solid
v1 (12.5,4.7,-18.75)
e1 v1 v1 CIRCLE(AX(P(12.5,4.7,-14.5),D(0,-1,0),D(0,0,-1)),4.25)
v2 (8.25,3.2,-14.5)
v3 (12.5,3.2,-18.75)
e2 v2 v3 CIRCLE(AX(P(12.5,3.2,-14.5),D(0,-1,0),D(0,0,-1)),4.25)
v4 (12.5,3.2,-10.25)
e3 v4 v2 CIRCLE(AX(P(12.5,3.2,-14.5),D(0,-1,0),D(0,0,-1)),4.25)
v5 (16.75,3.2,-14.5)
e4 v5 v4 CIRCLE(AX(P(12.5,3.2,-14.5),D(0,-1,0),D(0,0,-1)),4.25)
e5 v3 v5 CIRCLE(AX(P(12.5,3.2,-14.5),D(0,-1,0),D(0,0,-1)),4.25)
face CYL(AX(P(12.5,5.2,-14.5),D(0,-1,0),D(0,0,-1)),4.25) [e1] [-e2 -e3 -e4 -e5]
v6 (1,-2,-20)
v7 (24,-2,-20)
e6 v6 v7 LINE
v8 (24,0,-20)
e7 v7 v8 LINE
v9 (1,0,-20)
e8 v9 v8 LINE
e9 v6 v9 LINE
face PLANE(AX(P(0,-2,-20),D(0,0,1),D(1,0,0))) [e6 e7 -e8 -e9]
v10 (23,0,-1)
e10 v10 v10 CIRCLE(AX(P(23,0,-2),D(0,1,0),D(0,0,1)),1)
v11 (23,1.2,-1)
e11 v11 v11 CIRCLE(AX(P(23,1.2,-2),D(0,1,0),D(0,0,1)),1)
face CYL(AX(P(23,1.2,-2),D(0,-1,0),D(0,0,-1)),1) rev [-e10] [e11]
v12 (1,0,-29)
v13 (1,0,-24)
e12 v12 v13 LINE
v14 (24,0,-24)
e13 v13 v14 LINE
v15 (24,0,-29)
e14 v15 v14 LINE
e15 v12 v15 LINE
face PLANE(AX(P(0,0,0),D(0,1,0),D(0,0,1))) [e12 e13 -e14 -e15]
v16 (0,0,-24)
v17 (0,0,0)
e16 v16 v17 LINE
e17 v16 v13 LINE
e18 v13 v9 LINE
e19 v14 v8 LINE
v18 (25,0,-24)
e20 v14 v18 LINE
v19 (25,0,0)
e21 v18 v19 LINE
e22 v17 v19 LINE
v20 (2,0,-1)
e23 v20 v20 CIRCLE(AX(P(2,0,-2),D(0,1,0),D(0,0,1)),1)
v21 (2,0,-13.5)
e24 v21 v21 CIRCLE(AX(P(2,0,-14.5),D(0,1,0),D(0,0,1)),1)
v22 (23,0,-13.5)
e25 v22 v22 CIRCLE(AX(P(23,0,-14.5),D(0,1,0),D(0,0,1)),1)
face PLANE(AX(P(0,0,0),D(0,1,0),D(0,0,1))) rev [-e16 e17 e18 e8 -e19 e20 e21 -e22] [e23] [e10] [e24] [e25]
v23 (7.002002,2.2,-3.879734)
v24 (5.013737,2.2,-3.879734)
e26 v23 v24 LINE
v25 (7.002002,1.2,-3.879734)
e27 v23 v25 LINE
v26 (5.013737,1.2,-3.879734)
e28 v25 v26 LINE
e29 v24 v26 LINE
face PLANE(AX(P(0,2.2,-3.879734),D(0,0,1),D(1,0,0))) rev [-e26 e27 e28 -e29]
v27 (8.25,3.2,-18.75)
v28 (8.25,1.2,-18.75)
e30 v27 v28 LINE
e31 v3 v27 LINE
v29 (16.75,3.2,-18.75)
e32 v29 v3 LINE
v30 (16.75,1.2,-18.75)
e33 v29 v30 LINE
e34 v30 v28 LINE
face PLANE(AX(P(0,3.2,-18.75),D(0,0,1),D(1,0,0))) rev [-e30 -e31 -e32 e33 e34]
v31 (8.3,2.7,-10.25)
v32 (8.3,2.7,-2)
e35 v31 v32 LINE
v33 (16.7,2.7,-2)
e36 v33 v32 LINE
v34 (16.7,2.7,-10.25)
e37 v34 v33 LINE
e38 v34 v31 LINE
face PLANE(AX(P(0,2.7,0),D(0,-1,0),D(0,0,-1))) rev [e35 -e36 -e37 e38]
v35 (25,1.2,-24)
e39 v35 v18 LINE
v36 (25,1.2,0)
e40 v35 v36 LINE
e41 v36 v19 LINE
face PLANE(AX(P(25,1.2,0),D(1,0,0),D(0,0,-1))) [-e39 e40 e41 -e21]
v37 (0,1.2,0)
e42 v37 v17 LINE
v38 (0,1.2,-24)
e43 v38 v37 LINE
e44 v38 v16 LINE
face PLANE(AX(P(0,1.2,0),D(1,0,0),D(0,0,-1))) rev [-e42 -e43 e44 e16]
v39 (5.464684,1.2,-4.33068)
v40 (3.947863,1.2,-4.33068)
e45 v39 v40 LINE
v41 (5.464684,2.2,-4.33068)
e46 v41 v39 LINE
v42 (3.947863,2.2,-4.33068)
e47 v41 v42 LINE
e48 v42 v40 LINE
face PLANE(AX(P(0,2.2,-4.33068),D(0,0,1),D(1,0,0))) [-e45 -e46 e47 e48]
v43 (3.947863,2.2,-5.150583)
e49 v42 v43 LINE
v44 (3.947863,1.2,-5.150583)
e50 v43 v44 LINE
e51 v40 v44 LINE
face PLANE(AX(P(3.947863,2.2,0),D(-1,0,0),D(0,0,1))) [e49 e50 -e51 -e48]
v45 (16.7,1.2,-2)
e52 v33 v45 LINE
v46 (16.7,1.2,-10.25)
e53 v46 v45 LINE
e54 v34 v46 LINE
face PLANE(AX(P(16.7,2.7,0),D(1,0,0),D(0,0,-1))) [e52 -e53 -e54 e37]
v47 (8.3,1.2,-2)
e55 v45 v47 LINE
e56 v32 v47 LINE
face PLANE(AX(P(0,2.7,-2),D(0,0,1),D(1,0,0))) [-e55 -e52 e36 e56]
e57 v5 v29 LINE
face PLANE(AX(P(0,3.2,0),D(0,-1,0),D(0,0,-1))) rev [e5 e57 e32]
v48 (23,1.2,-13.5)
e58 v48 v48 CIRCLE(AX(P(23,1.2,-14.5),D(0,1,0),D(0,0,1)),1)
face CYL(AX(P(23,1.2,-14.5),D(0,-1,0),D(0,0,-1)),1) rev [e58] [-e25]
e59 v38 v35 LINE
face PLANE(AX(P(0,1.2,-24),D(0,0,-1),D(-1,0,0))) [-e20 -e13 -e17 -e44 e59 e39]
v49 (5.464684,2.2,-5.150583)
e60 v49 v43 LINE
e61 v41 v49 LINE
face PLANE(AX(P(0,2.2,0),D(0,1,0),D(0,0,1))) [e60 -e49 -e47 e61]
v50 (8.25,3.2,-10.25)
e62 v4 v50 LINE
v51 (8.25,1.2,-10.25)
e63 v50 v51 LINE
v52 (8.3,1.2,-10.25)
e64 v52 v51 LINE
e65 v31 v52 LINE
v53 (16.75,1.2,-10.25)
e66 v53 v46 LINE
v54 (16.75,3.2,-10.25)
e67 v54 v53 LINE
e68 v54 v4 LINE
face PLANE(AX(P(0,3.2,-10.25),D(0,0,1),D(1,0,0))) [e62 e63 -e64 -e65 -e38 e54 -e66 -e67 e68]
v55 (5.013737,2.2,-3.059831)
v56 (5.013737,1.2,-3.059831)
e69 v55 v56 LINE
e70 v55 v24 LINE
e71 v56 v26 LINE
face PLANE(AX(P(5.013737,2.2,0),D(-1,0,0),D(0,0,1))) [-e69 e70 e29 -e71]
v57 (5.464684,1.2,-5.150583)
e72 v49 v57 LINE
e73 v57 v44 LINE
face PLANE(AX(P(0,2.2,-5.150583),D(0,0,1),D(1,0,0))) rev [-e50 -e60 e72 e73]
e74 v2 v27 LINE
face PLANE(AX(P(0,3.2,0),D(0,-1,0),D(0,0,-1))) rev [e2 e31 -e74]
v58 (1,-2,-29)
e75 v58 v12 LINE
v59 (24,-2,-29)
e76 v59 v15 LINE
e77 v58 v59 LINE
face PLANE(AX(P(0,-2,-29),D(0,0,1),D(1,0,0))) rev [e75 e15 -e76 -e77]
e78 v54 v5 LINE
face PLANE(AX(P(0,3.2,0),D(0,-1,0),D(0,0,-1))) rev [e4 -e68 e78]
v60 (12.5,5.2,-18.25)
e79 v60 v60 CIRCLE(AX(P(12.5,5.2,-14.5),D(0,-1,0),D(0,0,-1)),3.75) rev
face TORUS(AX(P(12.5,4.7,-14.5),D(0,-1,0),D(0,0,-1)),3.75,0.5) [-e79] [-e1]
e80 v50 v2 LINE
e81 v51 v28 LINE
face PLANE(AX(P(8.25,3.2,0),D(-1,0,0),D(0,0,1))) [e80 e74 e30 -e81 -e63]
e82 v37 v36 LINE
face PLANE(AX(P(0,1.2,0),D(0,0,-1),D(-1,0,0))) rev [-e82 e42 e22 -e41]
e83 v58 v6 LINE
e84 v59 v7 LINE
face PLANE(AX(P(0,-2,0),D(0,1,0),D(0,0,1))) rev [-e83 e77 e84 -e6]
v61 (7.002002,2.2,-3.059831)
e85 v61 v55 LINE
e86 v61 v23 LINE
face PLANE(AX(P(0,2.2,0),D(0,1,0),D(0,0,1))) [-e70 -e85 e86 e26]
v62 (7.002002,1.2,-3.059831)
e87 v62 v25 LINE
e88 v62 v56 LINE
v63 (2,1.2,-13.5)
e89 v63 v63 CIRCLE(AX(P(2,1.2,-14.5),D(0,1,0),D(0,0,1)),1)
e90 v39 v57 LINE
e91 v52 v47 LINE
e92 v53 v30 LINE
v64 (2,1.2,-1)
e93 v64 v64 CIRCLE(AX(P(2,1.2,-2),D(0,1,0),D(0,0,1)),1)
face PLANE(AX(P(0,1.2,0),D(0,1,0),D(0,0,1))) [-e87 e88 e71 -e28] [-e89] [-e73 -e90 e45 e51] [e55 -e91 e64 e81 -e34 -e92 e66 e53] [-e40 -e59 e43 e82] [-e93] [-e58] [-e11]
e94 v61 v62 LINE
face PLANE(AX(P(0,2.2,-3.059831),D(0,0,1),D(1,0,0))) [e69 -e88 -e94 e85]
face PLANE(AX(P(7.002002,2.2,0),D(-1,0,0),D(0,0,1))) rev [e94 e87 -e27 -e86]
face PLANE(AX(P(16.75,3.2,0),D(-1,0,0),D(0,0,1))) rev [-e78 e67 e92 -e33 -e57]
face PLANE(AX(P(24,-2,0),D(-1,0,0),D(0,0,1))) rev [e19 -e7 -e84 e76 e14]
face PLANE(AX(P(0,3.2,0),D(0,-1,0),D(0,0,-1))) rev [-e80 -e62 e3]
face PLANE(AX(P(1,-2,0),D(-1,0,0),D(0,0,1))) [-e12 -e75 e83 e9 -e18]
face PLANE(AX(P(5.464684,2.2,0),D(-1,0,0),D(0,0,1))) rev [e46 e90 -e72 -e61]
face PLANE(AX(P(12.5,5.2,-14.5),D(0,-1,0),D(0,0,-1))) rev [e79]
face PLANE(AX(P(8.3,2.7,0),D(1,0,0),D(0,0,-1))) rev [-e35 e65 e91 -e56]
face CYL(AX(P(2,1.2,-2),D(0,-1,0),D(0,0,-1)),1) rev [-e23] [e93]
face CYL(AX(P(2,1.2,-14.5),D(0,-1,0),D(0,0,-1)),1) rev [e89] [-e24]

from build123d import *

# Parameters (mm, degrees)
SKETCH1_W           = 25
SKETCH1_H           = 24
SKETCH1_R           = 1
BOSS_EXTRUDE1_DEPTH = 1.2
BOSS_EXTRUDE2_START = 1.2
BOSS_EXTRUDE2_DEPTH = 1.5
BOSS_EXTRUDE3_START = 1.2
SKETCH1_4_W         = 8.5
SKETCH1_4_H         = 8.5
BOSS_EXTRUDE3_DEPTH = 2
BOSS_EXTRUDE4_START = 1.2
SKETCH1_5_W         = 1.516820611
SKETCH1_5_H         = 0.819903033
SKETCH1_5_W_2       = 1.988264855
BOSS_EXTRUDE4_DEPTH = 1
SKETCH1_6_W         = 23
SKETCH1_6_H         = 4
SKETCH1_6_H_2       = 5
BOSS_EXTRUDE5_DEPTH = 2
BOSS_EXTRUDE6_START = 3.2
SKETCH1_7_R         = 4.25
BOSS_EXTRUDE6_DEPTH = 2
FILLET1_R           = 0.5


with BuildPart() as part:
    # Sketch1 → Boss-Extrude1 (new body)
    with BuildSketch(Plane(origin=(0, 0, 0), x_dir=(1, 0, 0), z_dir=(0, 1, 0))):
        with Locations((12.5, 12)):
            Rectangle(SKETCH1_W, SKETCH1_H)
        with Locations((2, 2)):
            Circle(SKETCH1_R, mode=Mode.SUBTRACT)
        with Locations((23, 2)):
            Circle(SKETCH1_R, mode=Mode.SUBTRACT)
        with Locations((2, 14.5)):
            Circle(SKETCH1_R, mode=Mode.SUBTRACT)
        with Locations((23, 14.5)):
            Circle(SKETCH1_R, mode=Mode.SUBTRACT)
    extrude(amount=BOSS_EXTRUDE1_DEPTH)

    # Sketch1<3> → Boss-Extrude2 (add)
    with BuildSketch(Plane(origin=(0, 0, 0), x_dir=(1, 0, 0), z_dir=(0, 1, 0)).offset(BOSS_EXTRUDE2_START)):
        Polygon((16.7, 10.25), (12.5, 10.25), (8.3, 10.25), (8.3, 2), (16.7, 2), align=None)
    extrude(amount=BOSS_EXTRUDE2_DEPTH)

    # Sketch1<4> → Boss-Extrude3 (add)
    with BuildSketch(Plane(origin=(0, 0, 0), x_dir=(1, 0, 0), z_dir=(0, 1, 0)).offset(BOSS_EXTRUDE3_START)):
        with Locations((12.5, 14.5)):
            Rectangle(SKETCH1_4_W, SKETCH1_4_H)
    extrude(amount=BOSS_EXTRUDE3_DEPTH)

    # Sketch1<5> → Boss-Extrude4 (add)
    with BuildSketch(Plane(origin=(0, 0, 0), x_dir=(1, 0, 0), z_dir=(0, 1, 0)).offset(BOSS_EXTRUDE4_START)):
        with Locations((4.706273263, 4.74063197)):
            Rectangle(SKETCH1_5_W, SKETCH1_5_H)
        with Locations((6.007869327, 3.469782269)):
            Rectangle(SKETCH1_5_W_2, SKETCH1_5_H)
    extrude(amount=BOSS_EXTRUDE4_DEPTH)

    # Sketch1<6> → Boss-Extrude5 (add)
    with BuildSketch(Plane(origin=(0, 0, 0), x_dir=(1, 0, 0), z_dir=(0, 1, 0))):
        with Locations((12.5, 22)):
            Rectangle(SKETCH1_6_W, SKETCH1_6_H)
        with Locations((12.5, 26.5)):
            Rectangle(SKETCH1_6_W, SKETCH1_6_H_2)
    extrude(amount=-BOSS_EXTRUDE5_DEPTH)

    # Sketch1<7> → Boss-Extrude6 (add)
    with BuildSketch(Plane(origin=(0, 0, 0), x_dir=(1, 0, 0), z_dir=(0, 1, 0)).offset(BOSS_EXTRUDE6_START)):
        with Locations((12.5, 14.5)):
            Circle(SKETCH1_7_R)
    extrude(amount=BOSS_EXTRUDE6_DEPTH)

    # Fillet1
    fillet1_edges = [part.edges().sort_by_distance(p)[0] for p in [
        (8.25, 5.2, -14.5),
    ]]
    fillet(fillet1_edges, radius=FILLET1_R)


solid = part.part
